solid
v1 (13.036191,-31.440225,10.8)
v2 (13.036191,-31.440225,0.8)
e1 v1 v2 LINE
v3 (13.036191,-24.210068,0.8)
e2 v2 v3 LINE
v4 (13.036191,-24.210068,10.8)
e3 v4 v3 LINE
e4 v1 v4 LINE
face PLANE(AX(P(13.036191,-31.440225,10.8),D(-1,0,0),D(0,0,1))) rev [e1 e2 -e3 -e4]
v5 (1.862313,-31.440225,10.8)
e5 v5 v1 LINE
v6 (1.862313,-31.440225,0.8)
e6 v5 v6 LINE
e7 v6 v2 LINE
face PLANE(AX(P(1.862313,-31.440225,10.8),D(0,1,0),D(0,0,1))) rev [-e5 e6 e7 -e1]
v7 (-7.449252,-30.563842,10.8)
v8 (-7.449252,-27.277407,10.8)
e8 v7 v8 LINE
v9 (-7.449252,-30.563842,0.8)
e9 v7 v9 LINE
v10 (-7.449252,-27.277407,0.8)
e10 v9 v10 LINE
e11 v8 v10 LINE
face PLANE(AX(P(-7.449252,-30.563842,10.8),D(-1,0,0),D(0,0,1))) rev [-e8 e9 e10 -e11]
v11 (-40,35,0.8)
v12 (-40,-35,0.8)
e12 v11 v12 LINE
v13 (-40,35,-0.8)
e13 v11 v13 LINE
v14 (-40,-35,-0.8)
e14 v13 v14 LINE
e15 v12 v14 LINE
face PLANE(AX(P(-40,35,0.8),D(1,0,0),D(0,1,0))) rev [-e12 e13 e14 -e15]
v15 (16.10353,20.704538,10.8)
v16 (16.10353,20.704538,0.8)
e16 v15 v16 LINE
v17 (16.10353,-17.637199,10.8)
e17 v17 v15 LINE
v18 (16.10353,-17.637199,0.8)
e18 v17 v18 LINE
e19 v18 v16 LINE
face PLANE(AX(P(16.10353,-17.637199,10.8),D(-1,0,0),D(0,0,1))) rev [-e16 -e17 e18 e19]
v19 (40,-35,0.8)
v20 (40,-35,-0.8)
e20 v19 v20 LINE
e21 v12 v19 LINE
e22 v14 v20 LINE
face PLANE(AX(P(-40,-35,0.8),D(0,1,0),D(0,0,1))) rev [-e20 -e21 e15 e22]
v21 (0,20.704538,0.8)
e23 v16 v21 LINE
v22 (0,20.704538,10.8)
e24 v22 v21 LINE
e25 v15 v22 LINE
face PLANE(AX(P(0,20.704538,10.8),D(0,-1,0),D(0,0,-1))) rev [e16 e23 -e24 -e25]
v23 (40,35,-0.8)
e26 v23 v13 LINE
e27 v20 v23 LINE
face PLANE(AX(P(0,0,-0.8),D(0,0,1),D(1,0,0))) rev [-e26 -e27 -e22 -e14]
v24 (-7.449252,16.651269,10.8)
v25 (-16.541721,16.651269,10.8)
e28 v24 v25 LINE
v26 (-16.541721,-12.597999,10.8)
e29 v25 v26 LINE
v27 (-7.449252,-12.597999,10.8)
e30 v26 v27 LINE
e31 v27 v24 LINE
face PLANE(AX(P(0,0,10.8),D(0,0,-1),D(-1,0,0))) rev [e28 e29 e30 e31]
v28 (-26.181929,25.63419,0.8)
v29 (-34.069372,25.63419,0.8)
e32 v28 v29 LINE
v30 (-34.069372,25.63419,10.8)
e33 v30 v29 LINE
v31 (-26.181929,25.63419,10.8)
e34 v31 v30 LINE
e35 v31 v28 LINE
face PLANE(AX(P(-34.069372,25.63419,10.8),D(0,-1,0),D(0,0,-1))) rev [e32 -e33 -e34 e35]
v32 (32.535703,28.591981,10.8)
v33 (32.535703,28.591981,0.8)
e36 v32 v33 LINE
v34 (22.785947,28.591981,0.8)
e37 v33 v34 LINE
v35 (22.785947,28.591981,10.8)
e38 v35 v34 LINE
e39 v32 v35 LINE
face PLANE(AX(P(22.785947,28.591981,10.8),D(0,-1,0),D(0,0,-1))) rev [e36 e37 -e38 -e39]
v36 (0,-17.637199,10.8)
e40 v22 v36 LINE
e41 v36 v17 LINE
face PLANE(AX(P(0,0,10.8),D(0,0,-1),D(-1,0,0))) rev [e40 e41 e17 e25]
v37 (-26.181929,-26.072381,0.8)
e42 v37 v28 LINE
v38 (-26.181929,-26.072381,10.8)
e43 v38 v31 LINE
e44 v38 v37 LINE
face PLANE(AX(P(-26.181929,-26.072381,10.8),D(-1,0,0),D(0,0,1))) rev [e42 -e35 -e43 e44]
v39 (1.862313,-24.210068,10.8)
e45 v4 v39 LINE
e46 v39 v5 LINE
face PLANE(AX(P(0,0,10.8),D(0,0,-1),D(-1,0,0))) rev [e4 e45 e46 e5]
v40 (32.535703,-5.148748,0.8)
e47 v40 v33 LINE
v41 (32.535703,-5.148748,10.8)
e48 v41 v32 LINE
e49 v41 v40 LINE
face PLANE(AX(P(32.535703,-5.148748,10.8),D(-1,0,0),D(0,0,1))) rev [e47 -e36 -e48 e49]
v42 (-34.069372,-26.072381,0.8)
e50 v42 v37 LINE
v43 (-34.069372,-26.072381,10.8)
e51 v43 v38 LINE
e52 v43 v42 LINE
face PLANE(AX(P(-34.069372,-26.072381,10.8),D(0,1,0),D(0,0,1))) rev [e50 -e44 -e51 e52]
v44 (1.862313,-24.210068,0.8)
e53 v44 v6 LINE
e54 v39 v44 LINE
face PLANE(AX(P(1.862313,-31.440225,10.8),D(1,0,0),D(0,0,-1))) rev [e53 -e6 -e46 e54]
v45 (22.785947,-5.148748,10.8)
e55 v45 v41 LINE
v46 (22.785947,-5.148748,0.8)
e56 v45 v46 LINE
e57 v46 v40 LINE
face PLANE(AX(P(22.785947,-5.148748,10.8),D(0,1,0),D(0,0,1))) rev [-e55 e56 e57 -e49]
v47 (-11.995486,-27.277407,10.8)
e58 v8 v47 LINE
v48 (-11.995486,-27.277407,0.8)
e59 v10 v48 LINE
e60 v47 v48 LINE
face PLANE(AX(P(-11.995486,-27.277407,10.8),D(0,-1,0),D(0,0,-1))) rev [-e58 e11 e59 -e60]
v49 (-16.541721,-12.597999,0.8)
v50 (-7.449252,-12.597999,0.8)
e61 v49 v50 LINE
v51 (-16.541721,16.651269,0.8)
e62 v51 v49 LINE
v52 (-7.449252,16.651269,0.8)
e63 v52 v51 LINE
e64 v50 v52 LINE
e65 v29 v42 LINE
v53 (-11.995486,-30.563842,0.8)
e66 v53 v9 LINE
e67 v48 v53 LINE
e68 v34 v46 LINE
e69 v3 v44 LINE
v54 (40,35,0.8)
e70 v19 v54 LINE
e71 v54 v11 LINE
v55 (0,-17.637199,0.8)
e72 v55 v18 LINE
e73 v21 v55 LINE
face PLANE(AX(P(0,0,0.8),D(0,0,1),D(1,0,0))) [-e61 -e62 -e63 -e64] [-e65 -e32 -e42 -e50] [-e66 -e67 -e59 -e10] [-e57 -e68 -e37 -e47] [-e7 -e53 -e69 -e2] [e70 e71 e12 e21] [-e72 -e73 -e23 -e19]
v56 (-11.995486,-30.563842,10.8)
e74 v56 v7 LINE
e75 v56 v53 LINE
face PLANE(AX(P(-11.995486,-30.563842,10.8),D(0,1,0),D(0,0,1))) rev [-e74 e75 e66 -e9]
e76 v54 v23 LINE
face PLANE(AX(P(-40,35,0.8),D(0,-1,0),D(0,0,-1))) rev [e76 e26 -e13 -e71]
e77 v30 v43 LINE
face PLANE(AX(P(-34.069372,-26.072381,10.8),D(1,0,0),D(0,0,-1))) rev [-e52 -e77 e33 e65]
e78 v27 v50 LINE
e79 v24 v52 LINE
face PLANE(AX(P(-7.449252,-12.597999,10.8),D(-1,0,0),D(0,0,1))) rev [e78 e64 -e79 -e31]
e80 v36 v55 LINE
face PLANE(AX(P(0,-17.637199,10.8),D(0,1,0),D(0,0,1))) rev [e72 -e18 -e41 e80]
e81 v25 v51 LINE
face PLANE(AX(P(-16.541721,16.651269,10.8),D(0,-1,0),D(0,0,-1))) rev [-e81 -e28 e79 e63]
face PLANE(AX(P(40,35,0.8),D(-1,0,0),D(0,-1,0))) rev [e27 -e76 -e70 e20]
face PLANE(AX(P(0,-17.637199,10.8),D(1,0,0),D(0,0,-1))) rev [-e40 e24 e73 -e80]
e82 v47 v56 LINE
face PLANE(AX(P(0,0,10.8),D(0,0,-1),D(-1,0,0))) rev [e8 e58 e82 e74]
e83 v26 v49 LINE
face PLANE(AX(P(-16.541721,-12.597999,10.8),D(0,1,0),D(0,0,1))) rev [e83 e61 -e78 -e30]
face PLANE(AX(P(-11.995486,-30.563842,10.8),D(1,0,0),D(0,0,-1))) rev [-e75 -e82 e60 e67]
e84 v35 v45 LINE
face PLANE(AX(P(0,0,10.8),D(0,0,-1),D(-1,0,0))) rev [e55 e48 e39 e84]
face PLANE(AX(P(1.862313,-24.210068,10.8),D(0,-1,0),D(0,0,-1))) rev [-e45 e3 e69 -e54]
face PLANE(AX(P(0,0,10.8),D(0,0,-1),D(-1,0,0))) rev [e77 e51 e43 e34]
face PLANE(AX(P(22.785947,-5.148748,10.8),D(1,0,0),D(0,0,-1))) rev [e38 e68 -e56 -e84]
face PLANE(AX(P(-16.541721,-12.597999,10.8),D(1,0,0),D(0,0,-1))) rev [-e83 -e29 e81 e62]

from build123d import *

# Parameters (mm, degrees)
SKETCH1_W           = 80
SKETCH1_H           = 70
BOSS_EXTRUDE1_DEPTH = 0.8
SKETCH2_W           = 9.092469125
SKETCH2_H           = 29.249268146
SKETCH2_W_2         = 16.103529653
SKETCH2_H_2         = 38.34173727
SKETCH2_W_3         = 7.887443096
SKETCH2_H_3         = 51.706571405
SKETCH2_W_4         = 9.749756049
SKETCH2_H_4         = 33.740728797
SKETCH2_W_5         = 4.546234562
SKETCH2_H_5         = 3.286434623
SKETCH2_W_6         = 11.173877719
SKETCH2_H_6         = 7.23015617
BOSS_EXTRUDE2_DEPTH = 10


with BuildPart() as part:
    # Sketch1 → Boss-Extrude1 (new, symmetric)
    with BuildSketch(Plane.XY):
        Rectangle(SKETCH1_W, SKETCH1_H)
    extrude(amount=BOSS_EXTRUDE1_DEPTH, both=True)

    # Sketch2 → Boss-Extrude2 (add)
    with BuildSketch(Plane.XY.offset(0.8)):
        with Locations((-11.995486375, 2.026634684)):
            Rectangle(SKETCH2_W, SKETCH2_H)
        with Locations((8.051764827, 1.533669491)):
            Rectangle(SKETCH2_W_2, SKETCH2_H_2)
        with Locations((-30.125650712, -0.219095641)):
            Rectangle(SKETCH2_W_3, SKETCH2_H_3)
        with Locations((27.660824745, 11.721616822)):
            Rectangle(SKETCH2_W_4, SKETCH2_H_4)
        with Locations((-9.722369093, -28.920624684)):
            Rectangle(SKETCH2_W_5, SKETCH2_H_5)
        with Locations((7.449251813, -27.825146476)):
            Rectangle(SKETCH2_W_6, SKETCH2_H_6)
    extrude(amount=BOSS_EXTRUDE2_DEPTH)


solid = part.part
